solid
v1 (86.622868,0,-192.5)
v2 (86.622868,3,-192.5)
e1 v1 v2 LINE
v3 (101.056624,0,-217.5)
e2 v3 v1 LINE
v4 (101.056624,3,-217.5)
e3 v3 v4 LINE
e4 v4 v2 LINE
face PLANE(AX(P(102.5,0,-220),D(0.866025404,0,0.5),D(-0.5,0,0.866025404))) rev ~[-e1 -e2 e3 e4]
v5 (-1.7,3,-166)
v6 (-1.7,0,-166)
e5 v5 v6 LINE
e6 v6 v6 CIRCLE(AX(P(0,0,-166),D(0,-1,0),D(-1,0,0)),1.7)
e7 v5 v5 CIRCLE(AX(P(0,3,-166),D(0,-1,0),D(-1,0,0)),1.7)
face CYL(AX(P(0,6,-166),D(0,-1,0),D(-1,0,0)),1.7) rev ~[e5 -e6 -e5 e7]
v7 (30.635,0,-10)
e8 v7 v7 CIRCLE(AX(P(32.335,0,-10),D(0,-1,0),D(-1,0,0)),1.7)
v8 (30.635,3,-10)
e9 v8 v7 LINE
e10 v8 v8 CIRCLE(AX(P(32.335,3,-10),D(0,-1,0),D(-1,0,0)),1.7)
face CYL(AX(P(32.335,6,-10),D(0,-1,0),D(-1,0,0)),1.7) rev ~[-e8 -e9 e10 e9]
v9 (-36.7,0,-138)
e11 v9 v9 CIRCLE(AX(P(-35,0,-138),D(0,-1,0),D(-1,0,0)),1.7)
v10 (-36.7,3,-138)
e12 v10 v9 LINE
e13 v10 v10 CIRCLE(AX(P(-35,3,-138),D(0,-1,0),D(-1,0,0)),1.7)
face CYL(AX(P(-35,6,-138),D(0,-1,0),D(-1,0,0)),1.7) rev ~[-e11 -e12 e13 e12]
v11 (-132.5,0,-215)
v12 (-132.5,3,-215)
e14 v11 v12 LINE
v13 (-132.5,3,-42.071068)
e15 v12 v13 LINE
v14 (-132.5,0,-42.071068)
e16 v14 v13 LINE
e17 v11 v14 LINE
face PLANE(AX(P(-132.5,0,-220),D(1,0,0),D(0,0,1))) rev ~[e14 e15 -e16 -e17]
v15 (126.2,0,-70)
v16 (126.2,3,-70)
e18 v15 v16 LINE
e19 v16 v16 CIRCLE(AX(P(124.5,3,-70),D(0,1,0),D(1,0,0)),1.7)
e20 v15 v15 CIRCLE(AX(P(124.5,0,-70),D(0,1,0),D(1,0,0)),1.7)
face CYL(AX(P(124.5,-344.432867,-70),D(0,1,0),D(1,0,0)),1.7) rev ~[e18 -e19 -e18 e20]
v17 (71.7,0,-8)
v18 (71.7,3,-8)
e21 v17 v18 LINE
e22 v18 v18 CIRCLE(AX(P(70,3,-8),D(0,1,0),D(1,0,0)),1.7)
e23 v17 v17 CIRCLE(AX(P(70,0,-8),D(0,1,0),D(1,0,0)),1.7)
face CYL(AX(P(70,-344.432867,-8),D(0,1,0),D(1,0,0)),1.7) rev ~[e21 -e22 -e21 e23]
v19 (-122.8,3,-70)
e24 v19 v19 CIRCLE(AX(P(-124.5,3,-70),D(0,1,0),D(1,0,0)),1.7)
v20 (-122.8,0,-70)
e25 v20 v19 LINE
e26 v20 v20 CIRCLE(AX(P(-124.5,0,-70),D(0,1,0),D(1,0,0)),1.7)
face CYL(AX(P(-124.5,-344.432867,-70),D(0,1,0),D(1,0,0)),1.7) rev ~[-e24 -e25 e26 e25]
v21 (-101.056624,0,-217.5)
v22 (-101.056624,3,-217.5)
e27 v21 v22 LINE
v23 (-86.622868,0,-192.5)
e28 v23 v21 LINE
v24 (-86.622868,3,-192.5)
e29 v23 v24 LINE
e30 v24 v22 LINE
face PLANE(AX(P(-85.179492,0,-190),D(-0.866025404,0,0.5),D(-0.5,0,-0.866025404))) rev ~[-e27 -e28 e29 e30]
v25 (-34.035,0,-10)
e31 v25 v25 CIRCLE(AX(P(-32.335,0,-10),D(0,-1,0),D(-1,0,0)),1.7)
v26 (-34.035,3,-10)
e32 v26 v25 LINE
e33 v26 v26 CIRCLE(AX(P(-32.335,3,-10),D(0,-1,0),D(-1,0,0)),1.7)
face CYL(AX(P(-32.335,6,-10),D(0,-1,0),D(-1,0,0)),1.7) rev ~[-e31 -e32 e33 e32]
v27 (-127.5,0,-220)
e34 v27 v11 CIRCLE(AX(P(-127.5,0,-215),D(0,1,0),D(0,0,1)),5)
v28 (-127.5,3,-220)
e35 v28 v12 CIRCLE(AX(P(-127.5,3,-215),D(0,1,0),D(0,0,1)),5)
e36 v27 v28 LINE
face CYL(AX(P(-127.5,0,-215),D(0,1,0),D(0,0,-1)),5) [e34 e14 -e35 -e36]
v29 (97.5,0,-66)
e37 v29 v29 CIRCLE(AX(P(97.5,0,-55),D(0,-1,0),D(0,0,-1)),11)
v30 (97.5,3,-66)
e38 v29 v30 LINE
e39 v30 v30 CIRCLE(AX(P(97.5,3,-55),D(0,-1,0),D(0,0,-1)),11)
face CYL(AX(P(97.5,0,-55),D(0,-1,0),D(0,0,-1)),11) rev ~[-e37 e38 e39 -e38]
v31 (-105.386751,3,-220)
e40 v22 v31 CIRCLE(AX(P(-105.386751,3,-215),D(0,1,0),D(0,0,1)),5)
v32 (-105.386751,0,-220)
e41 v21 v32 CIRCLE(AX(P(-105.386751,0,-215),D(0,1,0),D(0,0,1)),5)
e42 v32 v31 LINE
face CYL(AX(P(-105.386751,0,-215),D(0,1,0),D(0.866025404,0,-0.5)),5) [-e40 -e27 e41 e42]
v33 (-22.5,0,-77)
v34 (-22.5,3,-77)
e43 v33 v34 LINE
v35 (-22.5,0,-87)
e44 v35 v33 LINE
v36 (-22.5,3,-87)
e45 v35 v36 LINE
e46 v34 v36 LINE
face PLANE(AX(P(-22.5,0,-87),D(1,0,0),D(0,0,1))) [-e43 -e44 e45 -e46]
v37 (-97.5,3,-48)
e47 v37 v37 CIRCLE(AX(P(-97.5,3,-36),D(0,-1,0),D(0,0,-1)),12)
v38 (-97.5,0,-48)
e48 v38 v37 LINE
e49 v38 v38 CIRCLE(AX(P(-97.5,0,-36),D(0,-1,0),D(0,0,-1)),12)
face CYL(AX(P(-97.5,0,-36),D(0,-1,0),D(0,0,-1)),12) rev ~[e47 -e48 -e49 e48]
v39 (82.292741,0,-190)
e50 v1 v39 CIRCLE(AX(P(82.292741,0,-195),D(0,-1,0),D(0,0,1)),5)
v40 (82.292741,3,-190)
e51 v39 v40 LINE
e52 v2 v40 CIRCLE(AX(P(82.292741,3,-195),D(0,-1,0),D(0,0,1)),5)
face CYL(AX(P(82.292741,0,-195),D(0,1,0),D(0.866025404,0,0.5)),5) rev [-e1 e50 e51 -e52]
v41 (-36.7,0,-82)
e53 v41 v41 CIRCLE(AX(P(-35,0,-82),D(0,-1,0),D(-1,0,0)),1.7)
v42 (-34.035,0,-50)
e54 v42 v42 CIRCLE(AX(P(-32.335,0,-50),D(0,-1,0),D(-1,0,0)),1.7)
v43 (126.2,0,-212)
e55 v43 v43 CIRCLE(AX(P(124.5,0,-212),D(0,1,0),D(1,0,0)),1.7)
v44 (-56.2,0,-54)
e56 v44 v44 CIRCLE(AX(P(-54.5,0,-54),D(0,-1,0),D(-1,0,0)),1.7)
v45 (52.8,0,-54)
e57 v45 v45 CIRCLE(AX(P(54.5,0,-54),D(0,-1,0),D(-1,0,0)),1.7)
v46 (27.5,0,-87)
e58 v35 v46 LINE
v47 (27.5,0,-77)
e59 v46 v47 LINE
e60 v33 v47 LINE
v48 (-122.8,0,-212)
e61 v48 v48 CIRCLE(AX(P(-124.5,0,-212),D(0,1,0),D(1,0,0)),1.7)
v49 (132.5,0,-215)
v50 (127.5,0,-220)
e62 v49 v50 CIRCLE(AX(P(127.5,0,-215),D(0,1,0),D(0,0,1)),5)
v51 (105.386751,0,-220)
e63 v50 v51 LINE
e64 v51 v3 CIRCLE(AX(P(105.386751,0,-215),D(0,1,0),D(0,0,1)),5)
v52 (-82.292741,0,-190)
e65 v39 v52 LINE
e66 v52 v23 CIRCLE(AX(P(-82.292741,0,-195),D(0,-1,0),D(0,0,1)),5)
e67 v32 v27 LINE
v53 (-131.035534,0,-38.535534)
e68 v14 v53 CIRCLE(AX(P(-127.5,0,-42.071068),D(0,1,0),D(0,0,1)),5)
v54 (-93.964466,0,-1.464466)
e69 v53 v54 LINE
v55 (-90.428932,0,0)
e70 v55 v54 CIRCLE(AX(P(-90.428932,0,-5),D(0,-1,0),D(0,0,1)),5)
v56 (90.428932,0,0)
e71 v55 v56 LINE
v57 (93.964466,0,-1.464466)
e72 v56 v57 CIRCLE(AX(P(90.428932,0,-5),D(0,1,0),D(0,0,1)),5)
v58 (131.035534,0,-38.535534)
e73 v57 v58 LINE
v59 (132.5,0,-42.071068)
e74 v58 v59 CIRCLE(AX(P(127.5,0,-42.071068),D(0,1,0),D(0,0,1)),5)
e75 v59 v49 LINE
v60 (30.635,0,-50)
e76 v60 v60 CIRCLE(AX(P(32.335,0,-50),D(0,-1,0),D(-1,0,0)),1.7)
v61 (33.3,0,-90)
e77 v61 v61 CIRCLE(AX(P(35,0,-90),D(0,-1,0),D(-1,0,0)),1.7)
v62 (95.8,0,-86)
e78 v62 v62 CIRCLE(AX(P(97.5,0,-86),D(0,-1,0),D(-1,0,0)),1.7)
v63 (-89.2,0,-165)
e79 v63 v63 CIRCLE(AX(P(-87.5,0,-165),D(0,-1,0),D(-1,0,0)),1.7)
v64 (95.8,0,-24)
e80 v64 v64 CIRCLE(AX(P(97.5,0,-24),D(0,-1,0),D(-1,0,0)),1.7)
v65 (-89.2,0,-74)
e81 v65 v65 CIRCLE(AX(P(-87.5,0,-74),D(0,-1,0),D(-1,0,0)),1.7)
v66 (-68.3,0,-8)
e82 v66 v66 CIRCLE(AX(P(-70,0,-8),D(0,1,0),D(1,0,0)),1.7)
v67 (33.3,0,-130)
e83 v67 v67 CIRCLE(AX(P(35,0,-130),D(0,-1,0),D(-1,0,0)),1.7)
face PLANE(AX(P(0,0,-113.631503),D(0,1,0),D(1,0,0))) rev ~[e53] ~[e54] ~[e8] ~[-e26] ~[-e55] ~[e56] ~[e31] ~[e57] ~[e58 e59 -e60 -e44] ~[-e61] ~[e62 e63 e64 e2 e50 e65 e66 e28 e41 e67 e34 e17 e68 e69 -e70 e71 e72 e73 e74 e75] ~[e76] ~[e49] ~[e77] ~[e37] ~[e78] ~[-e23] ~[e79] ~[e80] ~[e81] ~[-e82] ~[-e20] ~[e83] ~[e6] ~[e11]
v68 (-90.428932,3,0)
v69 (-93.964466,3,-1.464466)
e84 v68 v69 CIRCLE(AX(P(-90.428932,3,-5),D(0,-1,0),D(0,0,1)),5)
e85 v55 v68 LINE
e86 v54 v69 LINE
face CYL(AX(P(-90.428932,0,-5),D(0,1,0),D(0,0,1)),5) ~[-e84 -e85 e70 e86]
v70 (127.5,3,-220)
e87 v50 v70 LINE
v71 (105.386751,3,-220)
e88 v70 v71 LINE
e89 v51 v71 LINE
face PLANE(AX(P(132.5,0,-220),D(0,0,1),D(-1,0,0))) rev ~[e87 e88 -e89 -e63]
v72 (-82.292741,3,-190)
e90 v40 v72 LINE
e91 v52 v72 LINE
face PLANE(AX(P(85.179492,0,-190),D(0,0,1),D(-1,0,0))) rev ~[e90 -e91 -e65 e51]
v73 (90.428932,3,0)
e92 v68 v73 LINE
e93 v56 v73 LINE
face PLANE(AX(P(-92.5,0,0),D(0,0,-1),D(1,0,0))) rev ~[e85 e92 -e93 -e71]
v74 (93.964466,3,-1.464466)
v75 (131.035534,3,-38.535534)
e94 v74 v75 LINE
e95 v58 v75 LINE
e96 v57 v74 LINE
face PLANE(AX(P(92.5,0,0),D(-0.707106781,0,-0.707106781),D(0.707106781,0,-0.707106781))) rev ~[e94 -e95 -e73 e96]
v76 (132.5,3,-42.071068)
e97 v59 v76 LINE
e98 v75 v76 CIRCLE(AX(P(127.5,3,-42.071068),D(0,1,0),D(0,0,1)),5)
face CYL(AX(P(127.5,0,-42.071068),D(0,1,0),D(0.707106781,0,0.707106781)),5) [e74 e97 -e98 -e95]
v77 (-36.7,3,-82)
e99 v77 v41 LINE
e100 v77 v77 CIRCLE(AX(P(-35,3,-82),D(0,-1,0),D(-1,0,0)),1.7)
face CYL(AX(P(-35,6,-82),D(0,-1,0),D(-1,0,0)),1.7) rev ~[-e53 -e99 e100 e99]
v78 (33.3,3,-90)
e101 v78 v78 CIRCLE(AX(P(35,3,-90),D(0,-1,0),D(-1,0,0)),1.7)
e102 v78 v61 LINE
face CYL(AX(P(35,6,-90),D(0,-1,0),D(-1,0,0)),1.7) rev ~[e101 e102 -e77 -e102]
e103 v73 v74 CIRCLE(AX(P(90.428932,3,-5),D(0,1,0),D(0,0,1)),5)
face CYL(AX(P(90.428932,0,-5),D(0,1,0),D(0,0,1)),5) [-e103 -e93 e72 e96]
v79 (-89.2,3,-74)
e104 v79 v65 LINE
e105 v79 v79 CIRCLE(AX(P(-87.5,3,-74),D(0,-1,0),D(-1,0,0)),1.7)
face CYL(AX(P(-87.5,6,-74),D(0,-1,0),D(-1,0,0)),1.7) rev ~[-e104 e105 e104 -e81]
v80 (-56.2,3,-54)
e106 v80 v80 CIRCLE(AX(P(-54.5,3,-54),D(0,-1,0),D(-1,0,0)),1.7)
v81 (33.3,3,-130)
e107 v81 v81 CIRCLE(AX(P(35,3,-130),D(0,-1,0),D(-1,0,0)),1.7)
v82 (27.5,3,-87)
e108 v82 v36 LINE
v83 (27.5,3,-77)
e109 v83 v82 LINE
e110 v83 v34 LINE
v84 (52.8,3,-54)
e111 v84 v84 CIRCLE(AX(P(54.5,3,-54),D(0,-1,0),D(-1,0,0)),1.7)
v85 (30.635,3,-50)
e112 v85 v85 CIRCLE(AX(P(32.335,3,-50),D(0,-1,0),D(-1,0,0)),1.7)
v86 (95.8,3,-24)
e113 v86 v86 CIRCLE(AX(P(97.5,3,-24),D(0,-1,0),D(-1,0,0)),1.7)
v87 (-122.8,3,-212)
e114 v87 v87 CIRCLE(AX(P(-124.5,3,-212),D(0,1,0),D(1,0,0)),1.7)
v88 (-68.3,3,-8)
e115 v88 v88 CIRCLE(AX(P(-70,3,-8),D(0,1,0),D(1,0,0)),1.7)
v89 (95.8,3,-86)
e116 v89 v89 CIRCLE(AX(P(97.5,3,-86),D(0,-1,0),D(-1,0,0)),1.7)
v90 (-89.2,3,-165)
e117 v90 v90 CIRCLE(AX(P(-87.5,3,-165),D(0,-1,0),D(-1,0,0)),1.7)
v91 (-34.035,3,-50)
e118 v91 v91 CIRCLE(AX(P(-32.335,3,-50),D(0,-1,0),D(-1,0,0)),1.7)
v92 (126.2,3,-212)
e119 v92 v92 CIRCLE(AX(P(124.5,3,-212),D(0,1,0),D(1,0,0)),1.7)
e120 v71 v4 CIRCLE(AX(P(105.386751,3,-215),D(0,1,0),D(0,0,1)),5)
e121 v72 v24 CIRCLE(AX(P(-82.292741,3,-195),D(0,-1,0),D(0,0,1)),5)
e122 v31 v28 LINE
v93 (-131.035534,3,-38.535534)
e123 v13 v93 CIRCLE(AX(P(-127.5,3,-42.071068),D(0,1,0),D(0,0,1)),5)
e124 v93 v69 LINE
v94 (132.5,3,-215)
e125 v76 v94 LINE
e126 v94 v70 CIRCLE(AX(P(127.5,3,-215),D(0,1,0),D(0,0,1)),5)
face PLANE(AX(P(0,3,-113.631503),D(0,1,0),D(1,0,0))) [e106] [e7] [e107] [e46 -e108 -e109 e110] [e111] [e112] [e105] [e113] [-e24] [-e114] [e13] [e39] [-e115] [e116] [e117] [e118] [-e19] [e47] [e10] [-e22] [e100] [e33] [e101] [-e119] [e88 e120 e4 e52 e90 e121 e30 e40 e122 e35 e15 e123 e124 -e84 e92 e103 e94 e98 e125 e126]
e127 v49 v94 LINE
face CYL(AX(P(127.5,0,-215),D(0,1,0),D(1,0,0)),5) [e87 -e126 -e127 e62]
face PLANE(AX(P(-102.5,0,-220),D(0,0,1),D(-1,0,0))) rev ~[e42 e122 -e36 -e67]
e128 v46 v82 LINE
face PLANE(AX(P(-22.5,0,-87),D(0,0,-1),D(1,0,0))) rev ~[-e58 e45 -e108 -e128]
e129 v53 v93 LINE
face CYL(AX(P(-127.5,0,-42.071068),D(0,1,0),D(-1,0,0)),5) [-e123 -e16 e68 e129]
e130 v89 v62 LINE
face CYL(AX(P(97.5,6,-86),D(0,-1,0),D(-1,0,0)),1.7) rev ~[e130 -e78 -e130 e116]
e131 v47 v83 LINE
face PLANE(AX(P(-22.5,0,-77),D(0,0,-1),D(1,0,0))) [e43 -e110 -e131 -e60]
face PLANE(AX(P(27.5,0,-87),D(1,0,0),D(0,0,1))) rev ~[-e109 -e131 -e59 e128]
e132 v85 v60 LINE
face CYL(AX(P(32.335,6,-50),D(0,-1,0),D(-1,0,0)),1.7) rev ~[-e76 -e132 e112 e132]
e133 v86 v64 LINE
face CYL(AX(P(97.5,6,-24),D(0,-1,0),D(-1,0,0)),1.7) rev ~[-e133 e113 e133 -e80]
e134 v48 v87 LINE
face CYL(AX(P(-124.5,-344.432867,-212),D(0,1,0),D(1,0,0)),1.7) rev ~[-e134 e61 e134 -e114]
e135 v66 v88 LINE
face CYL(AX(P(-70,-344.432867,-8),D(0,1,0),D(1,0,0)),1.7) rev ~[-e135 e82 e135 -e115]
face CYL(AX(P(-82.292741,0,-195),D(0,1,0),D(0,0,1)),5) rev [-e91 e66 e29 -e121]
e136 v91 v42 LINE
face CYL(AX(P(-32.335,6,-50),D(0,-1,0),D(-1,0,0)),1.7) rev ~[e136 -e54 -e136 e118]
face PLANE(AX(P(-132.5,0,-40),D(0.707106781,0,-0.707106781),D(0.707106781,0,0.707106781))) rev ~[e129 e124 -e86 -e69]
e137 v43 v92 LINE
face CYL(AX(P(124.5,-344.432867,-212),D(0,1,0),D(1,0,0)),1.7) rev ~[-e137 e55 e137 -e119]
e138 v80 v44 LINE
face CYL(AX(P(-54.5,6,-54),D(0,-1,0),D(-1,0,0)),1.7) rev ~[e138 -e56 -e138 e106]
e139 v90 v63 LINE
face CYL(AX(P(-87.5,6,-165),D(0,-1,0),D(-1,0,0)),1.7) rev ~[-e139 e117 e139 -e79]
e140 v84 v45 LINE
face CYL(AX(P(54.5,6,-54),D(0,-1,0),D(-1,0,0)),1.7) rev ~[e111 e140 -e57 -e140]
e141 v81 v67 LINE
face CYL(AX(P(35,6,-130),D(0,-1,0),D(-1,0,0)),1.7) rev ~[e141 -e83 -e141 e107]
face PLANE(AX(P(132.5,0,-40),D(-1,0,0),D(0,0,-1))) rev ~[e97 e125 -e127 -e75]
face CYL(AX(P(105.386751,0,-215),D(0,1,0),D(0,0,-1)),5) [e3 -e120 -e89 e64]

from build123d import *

# Parameters (mm, degrees)
BOSS_EXTRU_1_DEPTH      = 3
CONG_1_R                = 5
ESQUISSE2_R             = 1
ENL_V_MAT_EXTRU_1_DEPTH = 257.837010573
D_GAGEMENT_M31_D        = 3.4
ESQUISSE5_R             = 12
ESQUISSE5_R_2           = 11
ESQUISSE5_R_3           = 1.5
ESQUISSE5_R_4           = 1
ESQUISSE5_W             = 50
ESQUISSE5_H             = 10
ENL_V_MAT_EXTRU_2_DEPTH = 257.837010573
D_GAGEMENT_M32_D        = 3.4
D_GAGEMENT_M32_DEPTH    = 3


with BuildPart() as part:
    # Esquisse1 → Boss.-Extru.1 (new body)
    with BuildSketch(Plane(origin=(0, 0, 0), x_dir=(1, 0, 0), z_dir=(0, 1, 0))):
        Polygon((-92.5, 0), (92.5, 0), (132.5, 40), (132.5, 220), (102.5, 220), (85.179491924, 190), (-85.179491924, 190), (-102.5, 220), (-132.5, 220), (-132.5, 40), align=None)
    extrude(amount=BOSS_EXTRU_1_DEPTH)

    # Congé1
    cong_1_edges = [part.edges().sort_by_distance(p)[0] for p in [
        (92.5, 1.5, 0),
        (-92.5, 1.5, 0),
        (-132.5, 1.5, -40),
        (-132.5, 1.5, -220),
        (-102.5, 1.5, -220),
        (-85.179491924, 1.5, -190),
        (85.179491924, 1.5, -190),
        (102.5, 1.5, -220),
        (132.5, 1.5, -220),
        (132.5, 1.5, -40),
    ]]
    fillet(cong_1_edges, radius=CONG_1_R)

    # Esquisse2 → Enlèv. mat.-Extru.1 (cut, through all)
    with BuildSketch(Plane.XZ):
        with Locations(Location((-70, -8, 0), (0, 0, 270))):
            Circle(ESQUISSE2_R)
        with Locations(Location((-124.5, -70, 0), (0, 0, 270))):
            Circle(ESQUISSE2_R)
        with Locations(Location((-124.5, -212, 0), (0, 0, 270))):
            Circle(ESQUISSE2_R)
        with Locations(Location((124.5, -212, 0), (0, 0, 90))):
            Circle(ESQUISSE2_R)
        with Locations(Location((124.5, -70, 0), (0, 0, 90))):
            Circle(ESQUISSE2_R)
        with Locations(Location((70, -8, 0), (0, 0, 90))):
            Circle(ESQUISSE2_R)
    extrude(amount=-ENL_V_MAT_EXTRU_1_DEPTH, mode=Mode.SUBTRACT)

    # Dégagement M31 (through all)
    with Locations(Plane(origin=(0, 0, 0), x_dir=(-1, 0, 0), z_dir=(0, -1, 0))):
        with Locations((-70, 8), (-124.5, 70), (-124.5, 212), (124.5, 212), (124.5, 70), (70, 8)):
            Hole(D_GAGEMENT_M31_D / 2)

    # Esquisse5 → Enlèv. mat.-Extru.2 (cut, through all)
    with BuildSketch(Plane.XZ):
        with Locations(Location((-97.5, -36, 0), (0, 0, 270))):
            Circle(ESQUISSE5_R)
        with Locations(Location((97.5, -55, 0), (0, 0, 270))):
            Circle(ESQUISSE5_R_2)
        with Locations(Location((97.5, -86, 0), (0, 0, 270))):
            Circle(ESQUISSE5_R_3)
        with Locations(Location((97.5, -24, 0), (0, 0, 270))):
            Circle(ESQUISSE5_R_3)
        with Locations(Location((-35, -138, 0), (0, 0, 270))):
            Circle(ESQUISSE5_R_4)
        with Locations(Location((-35, -82, 0), (0, 0, 270))):
            Circle(ESQUISSE5_R_4)
        with Locations(Location((35, -130, 0), (0, 0, 270))):
            Circle(ESQUISSE5_R_4)
        with Locations(Location((35, -90, 0), (0, 0, 270))):
            Circle(ESQUISSE5_R_4)
        with Locations(Location((0, -166, 0), (0, 0, 270))):
            Circle(ESQUISSE5_R_3)
        with Locations(Location((-54.5, -54, 0), (0, 0, 270))):
            Circle(ESQUISSE5_R_3)
        with Locations(Location((54.5, -54, 0), (0, 0, 270))):
            Circle(ESQUISSE5_R_3)
        with Locations(Location((-87.5, -74, 0), (0, 0, 270))):
            Circle(ESQUISSE5_R_3)
        with Locations(Location((-87.5, -165, 0), (0, 0, 270))):
            Circle(ESQUISSE5_R_3)
        with Locations(Location((-32.335, -50, 0), (0, 0, 270))):
            Circle(ESQUISSE5_R_3)
        with Locations(Location((-32.335, -10, 0), (0, 0, 270))):
            Circle(ESQUISSE5_R_3)
        with Locations(Location((32.335, -10, 0), (0, 0, 270))):
            Circle(ESQUISSE5_R_3)
        with Locations(Location((32.335, -50, 0), (0, 0, 270))):
            Circle(ESQUISSE5_R_3)
        with Locations((2.5, -82)):
            Rectangle(ESQUISSE5_W, ESQUISSE5_H)
    extrude(amount=-ENL_V_MAT_EXTRU_2_DEPTH, mode=Mode.SUBTRACT)

    # Dégagement M32
    with Locations(Plane(origin=(0, 3, 0), x_dir=(1, 0, 0), z_dir=(0, 1, 0))):
        with Locations((97.5, 86), (97.5, 24), (-54.5, 54), (54.5, 54), (0, 166), (-87.5, 74), (-87.5, 165), (-32.335, 50), (-32.335, 10), (32.335, 10), (32.335, 50), (-35, 138), (-35, 82), (35, 90), (35, 130)):
            Hole(D_GAGEMENT_M32_D / 2, depth=D_GAGEMENT_M32_DEPTH)


solid = part.part
